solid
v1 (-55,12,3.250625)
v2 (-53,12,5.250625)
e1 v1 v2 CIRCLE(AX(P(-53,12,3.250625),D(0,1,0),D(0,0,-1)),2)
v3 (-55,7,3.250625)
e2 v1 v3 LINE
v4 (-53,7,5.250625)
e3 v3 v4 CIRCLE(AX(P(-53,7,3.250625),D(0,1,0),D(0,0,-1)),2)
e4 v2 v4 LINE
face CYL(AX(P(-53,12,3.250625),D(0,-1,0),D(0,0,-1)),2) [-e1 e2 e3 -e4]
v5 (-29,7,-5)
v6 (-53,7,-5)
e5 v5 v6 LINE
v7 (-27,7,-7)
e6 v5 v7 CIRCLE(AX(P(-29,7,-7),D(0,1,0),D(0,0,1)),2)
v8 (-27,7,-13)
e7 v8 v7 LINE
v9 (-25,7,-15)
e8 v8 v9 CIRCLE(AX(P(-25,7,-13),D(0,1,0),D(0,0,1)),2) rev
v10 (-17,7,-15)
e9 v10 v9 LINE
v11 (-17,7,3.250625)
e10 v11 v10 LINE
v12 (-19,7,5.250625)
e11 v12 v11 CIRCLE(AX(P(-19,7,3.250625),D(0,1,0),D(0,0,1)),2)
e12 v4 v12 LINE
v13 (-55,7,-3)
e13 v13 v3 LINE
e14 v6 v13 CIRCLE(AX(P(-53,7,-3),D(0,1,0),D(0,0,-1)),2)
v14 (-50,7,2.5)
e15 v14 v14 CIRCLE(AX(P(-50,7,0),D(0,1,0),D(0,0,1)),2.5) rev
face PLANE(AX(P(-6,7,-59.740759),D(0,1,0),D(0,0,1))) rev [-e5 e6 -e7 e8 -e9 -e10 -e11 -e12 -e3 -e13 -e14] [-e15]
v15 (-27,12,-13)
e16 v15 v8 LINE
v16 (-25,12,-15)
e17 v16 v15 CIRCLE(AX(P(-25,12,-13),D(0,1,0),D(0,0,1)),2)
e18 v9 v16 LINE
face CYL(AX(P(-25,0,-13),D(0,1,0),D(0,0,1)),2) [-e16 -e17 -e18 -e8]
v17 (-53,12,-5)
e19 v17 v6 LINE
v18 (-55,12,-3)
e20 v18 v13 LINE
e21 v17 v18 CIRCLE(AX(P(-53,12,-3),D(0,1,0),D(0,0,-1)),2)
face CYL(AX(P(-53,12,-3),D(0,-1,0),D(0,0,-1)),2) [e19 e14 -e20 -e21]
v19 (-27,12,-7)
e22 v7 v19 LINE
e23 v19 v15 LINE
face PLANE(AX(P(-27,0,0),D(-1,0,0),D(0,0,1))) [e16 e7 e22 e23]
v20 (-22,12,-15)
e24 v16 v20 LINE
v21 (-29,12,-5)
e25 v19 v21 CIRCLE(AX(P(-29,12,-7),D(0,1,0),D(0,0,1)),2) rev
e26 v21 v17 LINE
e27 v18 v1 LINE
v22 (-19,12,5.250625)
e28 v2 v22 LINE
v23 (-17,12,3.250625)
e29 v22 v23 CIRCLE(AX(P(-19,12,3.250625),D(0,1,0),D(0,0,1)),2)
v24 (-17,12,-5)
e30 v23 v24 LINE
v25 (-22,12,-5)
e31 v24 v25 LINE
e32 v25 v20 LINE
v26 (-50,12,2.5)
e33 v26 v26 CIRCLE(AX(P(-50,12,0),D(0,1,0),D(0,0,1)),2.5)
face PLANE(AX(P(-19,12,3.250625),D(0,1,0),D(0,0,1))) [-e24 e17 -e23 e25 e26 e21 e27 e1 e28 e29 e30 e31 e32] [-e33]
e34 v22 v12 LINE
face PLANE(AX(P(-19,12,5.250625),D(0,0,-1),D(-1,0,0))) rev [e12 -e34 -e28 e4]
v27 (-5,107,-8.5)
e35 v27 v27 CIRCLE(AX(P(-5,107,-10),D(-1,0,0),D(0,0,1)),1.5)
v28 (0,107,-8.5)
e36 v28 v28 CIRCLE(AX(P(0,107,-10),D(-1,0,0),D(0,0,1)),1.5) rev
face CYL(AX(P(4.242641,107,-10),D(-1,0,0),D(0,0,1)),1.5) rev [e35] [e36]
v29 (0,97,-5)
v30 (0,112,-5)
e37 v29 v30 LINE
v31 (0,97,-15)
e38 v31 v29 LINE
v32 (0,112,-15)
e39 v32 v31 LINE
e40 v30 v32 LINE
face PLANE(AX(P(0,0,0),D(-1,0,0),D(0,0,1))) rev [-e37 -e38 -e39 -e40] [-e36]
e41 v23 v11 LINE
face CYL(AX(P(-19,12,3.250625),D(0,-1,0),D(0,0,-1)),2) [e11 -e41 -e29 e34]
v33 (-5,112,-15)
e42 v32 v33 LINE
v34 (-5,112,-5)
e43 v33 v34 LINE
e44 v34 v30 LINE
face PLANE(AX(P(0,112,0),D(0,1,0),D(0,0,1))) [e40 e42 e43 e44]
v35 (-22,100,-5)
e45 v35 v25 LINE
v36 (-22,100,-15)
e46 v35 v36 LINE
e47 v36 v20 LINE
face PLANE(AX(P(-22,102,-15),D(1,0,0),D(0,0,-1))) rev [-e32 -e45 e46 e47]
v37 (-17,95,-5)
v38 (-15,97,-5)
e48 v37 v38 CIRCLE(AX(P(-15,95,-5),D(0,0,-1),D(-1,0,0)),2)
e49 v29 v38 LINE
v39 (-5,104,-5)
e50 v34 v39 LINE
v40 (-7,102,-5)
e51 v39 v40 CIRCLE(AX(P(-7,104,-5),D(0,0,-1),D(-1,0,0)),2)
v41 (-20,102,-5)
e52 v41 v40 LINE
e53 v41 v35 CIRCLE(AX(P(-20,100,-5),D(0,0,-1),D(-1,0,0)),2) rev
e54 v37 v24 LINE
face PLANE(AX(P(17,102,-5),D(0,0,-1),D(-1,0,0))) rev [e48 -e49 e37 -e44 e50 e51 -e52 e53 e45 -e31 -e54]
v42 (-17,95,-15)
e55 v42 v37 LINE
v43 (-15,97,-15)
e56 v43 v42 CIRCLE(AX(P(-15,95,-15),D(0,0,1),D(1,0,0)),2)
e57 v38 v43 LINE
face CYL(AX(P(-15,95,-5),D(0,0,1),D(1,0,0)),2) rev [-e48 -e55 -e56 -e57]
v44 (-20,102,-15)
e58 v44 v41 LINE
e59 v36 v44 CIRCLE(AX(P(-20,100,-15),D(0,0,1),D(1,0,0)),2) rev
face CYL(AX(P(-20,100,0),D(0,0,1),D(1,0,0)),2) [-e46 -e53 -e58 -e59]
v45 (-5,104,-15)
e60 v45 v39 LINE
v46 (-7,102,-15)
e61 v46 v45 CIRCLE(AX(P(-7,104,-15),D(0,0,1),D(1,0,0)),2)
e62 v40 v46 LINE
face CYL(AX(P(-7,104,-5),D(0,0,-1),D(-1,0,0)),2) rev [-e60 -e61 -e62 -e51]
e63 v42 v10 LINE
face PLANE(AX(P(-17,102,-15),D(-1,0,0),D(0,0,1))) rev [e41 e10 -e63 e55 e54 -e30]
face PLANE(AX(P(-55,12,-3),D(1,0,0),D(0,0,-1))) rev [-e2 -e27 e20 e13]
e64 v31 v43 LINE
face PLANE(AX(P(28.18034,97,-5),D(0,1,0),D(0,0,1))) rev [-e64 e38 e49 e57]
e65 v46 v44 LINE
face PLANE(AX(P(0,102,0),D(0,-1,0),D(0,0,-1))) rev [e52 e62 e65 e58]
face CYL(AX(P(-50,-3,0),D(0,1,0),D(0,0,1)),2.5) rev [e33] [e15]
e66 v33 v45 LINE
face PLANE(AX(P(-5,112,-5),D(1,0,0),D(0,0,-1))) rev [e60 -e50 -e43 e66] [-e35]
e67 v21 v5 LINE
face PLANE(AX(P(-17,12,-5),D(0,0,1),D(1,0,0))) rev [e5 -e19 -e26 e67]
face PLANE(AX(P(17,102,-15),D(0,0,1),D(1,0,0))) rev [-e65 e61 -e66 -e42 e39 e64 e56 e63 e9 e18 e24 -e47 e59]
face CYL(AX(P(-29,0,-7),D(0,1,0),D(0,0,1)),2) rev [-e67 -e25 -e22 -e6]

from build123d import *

# Parameters (mm, degrees)
BOSS_EXTRUDE1_DEPTH    = 7
SKETCH2_W              = 5
SKETCH2_H              = 10
BOSS_EXTRUDE2_DEPTH    = 95
SKETCH15_R             = 3.5
CUT_EXTRUDE3_DEPTH     = 7
CIRPATTERN1_COUNT      = 8
SKETCH18_W             = 10
SKETCH18_H             = 5
BOSS_EXTRUDE3_DEPTH    = 34
BOSS_EXTRUDE4_DEPTH    = 10
FILLET1_R              = 2
FILLET2_R              = 2
LPATTERN2_COUNT        = 10
LPATTERN2_PITCH        = 8
FILLET1_OF_LPATTERN2_R = 2
SKETCH20_R             = 2.5
CUT_EXTRUDE4_DEPTH     = 10
CIRPATTERN2_COUNT      = 4
SKETCH21_W             = 135.948856065
SKETCH21_H             = 109.776083996
CUT_EXTRUDE5_DEPTH     = 61.740758688
BOSS_EXTRUDE5_START    = 5
SKETCH22_R             = 2.5
BOSS_EXTRUDE5_DEPTH    = 5
CUT_EXTRUDE6_START     = -10
CUT_EXTRUDE6_DEPTH     = 10
SKETCH24_W             = 6
SKETCH24_H             = 7
CUT_EXTRUDE7_DEPTH     = 1
SKETCH25_W             = 6
SKETCH25_H             = 7
CUT_EXTRUDE8_DEPTH     = 1
SKETCH26_W             = 10
SKETCH26_H             = 5
BOSS_EXTRUDE6_DEPTH    = 5
SKETCH27_W             = 5
SKETCH27_H             = 10
BOSS_EXTRUDE7_DEPTH    = 10
SKETCH29_R             = 1.5
CUT_EXTRUDE9_DEPTH     = 5
FILLET3_R              = 2


with BuildPart() as part:
    # Sketch1 → Boss-Extrude1 (new body)
    with BuildSketch(Plane(origin=(0, 0, 0), x_dir=(1, 0, 0), z_dir=(0, 1, 0))):
        with BuildLine():
            Line((-8, 56.940758688), (-8, 59.740758688))
            ThreePointArc((-8, 59.740758688), (-7.414213562, 61.154972251), (-6, 61.740758688))
            Line((-6, 61.740758688), (6, 61.740758688))
            ThreePointArc((6, 61.740758688), (7.414213562, 61.154972251), (8, 59.740758688))
            Line((8, 59.740758688), (8, 56.940758688))
            ThreePointArc((8, 56.940758688), (22.004297361, 53.123073119), (34.606342345, 45.920050844))
            Line((34.606342345, 45.920050844), (36.586241332, 47.899949831))
            ThreePointArc((36.586241332, 47.899949831), (38.000454895, 48.485736269), (39.414668457, 47.899949831))
            Line((39.414668457, 47.899949831), (47.899949831, 39.414668457))
            ThreePointArc((47.899949831, 39.414668457), (48.485736269, 38.000454895), (47.899949831, 36.586241332))
            Line((47.899949831, 36.586241332), (45.920050844, 34.606342345))
            ThreePointArc((45.920050844, 34.606342345), (53.123073119, 22.004297361), (56.940758688, 8))
            Line((56.940758688, 8), (59.740758688, 8))
            ThreePointArc((59.740758688, 8), (61.154972251, 7.414213562), (61.740758688, 6))
            Line((61.740758688, 6), (61.740758688, -6))
            ThreePointArc((61.740758688, -6), (61.154972251, -7.414213562), (59.740758688, -8))
            Line((59.740758688, -8), (56.940758688, -8))
            ThreePointArc((56.940758688, -8), (53.123073119, -22.004297361), (45.920050844, -34.606342345))
            Line((45.920050844, -34.606342345), (47.899949831, -36.586241332))
            ThreePointArc((47.899949831, -36.586241332), (48.485736269, -38.000454895), (47.899949831, -39.414668457))
            Line((47.899949831, -39.414668457), (39.414668457, -47.899949831))
            ThreePointArc((39.414668457, -47.899949831), (38.000454895, -48.485736269), (36.586241332, -47.899949831))
            Line((36.586241332, -47.899949831), (34.606342345, -45.920050844))
            ThreePointArc((34.606342345, -45.920050844), (22.004297361, -53.123073119), (8, -56.940758688))
            Line((8, -56.940758688), (8, -59.740758688))
            ThreePointArc((8, -59.740758688), (7.414213562, -61.154972251), (6, -61.740758688))
            Line((6, -61.740758688), (-6, -61.740758688))
            ThreePointArc((-6, -61.740758688), (-7.414213562, -61.154972251), (-8, -59.740758688))
            Line((-8, -59.740758688), (-8, -56.940758688))
            ThreePointArc((-8, -56.940758688), (-22.004297361, -53.123073119), (-34.606342345, -45.920050844))
            Line((-34.606342345, -45.920050844), (-36.586241332, -47.899949831))
            ThreePointArc((-36.586241332, -47.899949831), (-38.000454895, -48.485736269), (-39.414668457, -47.899949831))
            Line((-39.414668457, -47.899949831), (-47.899949831, -39.414668457))
            ThreePointArc((-47.899949831, -39.414668457), (-48.485736269, -38.000454895), (-47.899949831, -36.586241332))
            Line((-47.899949831, -36.586241332), (-45.920050844, -34.606342345))
            ThreePointArc((-45.920050844, -34.606342345), (-53.123073119, -22.004297361), (-56.940758688, -8))
            Line((-56.940758688, -8), (-59.740758688, -8))
            ThreePointArc((-59.740758688, -8), (-61.154972251, -7.414213562), (-61.740758688, -6))
            Line((-61.740758688, -6), (-61.740758688, 6))
            ThreePointArc((-61.740758688, 6), (-61.154972251, 7.414213562), (-59.740758688, 8))
            Line((-59.740758688, 8), (-56.940758688, 8))
            ThreePointArc((-56.940758688, 8), (-53.123073119, 22.004297361), (-45.920050844, 34.606342345))
            Line((-45.920050844, 34.606342345), (-47.899949831, 36.586241332))
            ThreePointArc((-47.899949831, 36.586241332), (-48.485736269, 38.000454895), (-47.899949831, 39.414668457))
            Line((-47.899949831, 39.414668457), (-39.414668457, 47.899949831))
            ThreePointArc((-39.414668457, 47.899949831), (-38.000454895, 48.485736269), (-36.586241332, 47.899949831))
            Line((-36.586241332, 47.899949831), (-34.606342345, 45.920050844))
            ThreePointArc((-34.606342345, 45.920050844), (-22.004297361, 53.123073119), (-8, 56.940758688))
        make_face()
    extrude(amount=BOSS_EXTRUDE1_DEPTH)

    # Sketch2 → Boss-Extrude2 (add)
    with BuildSketch(Plane(origin=(0, 7, 0), x_dir=(1, 0, 0), z_dir=(0, 1, 0))):
        with Locations((19.5, 10)):
            Rectangle(SKETCH2_W, SKETCH2_H)
        with Locations((-19.5, 10)):
            Rectangle(SKETCH2_W, SKETCH2_H)
    extrude(amount=BOSS_EXTRUDE2_DEPTH)

    # Sketch15 → Cut-Extrude3 (cut)
    with BuildSketch(Plane.XZ):
        with Locations(Location((0, 0, 0), (0, 0, 270))):
            Circle(SKETCH15_R)
    extrude(amount=-CUT_EXTRUDE3_DEPTH, mode=Mode.SUBTRACT)

    # Sketch16 → Cut-Loft2 section 0
    with BuildSketch(Plane.XZ):
        with BuildLine():
            Line((-6, 59.8), (6, 59.8))
            Line((6, 59.8), (6, 57.5))
            Line((6, 57.5), (-6, 57.5))
            Line((-6, 57.5), (-6, 59.8))
        make_face()
    # Sketch17 → Cut-Loft2 section 1
    with BuildSketch(Plane(origin=(0, 7, 0), x_dir=(1, 0, 0), z_dir=(0, 1, 0))):
        with BuildLine():
            Line((-6, -57.5), (6, -57.5))
            Line((6, -57.5), (6, -60.5))
            Line((6, -60.5), (-6, -60.5))
            Line((-6, -60.5), (-6, -57.5))
        make_face()
    cut_loft2 = loft(mode=Mode.SUBTRACT)

    # CirPattern1: Cut-Loft2 ×8 about axis
    cirpattern1_axis = Axis((0, 0, 0), (0, 1, 0))
    for i in range(1, CIRPATTERN1_COUNT):
        add(cut_loft2.rotate(cirpattern1_axis, i * 360 / CIRPATTERN1_COUNT), mode=Mode.SUBTRACT)

    # Sketch18 → Boss-Extrude3 (add)
    with BuildSketch(Plane(origin=(-17, 0, 0), x_dir=(0, 0, -1), z_dir=(1, 0, 0))):
        with Locations((10, 99.5)):
            Rectangle(SKETCH18_W, SKETCH18_H)
    extrude(amount=BOSS_EXTRUDE3_DEPTH)

    # Sketch19 → Boss-Extrude4 (add)
    with BuildSketch(Plane(origin=(0, 0, -15), x_dir=(-1, 0, 0), z_dir=(0, 0, -1))):
        with BuildLine():
            Line((-17, 93), (-11.04472309, 92.26878394))
            ThreePointArc((-11.04472309, 92.26878394), (-9.922197884, 91), (-11.04472309, 89.73121606))
            Line((-11.04472309, 89.73121606), (-17, 89))
            Line((-17, 89), (-17, 93))
        make_face()
    boss_extrude4 = extrude(amount=-BOSS_EXTRUDE4_DEPTH)

    # Fillet1
    fillet1_edges = [part.edges().sort_by_distance(p)[0] for p in [
        (17, 89, -10),
        (17, 93, -10),
    ]]
    fillet(fillet1_edges, radius=FILLET1_R)

    # Fillet2
    fillet2_edges = [part.edges().sort_by_distance(p)[0] for p in [
        (22, 102, -10),
        (-22, 102, -10),
        (-17, 97, -10),
        (17, 97, -10),
    ]]
    fillet(fillet2_edges, radius=FILLET2_R)

    # LPattern2: Boss-Extrude4 ×10
    with Locations(*[(0, -i * LPATTERN2_PITCH, 0) for i in range(1, LPATTERN2_COUNT)]):
        add(boss_extrude4)

    # Fillet1 of LPattern2
    fillet1_of_lpattern2_edges = [part.edges().sort_by_distance(p)[0] for p in [
        (17, 81, -10),
        (17, 85, -10),
        (17, 73, -10),
        (17, 77, -10),
        (17, 65, -10),
        (17, 69, -10),
        (17, 57, -10),
        (17, 61, -10),
        (17, 49, -10),
        (17, 53, -10),
        (17, 41, -10),
        (17, 45, -10),
        (17, 33, -10),
        (17, 37, -10),
        (17, 25, -10),
        (17, 29, -10),
        (17, 17, -10),
        (17, 21, -10),
    ]]
    fillet(fillet1_of_lpattern2_edges, radius=FILLET1_OF_LPATTERN2_R)

    # Sketch20 → Cut-Extrude4 (cut)
    with BuildSketch(Plane(origin=(0, 7, 0), x_dir=(1, 0, 0), z_dir=(0, 1, 0))):
        with Locations(Location((0, 50, 0), (0, 0, 270))):
            Circle(SKETCH20_R)
    cut_extrude4 = extrude(amount=-CUT_EXTRUDE4_DEPTH, mode=Mode.SUBTRACT)

    # CirPattern2: Cut-Extrude4 ×4 about axis
    cirpattern2_axis = Axis((0, 0, 0), (0, 1, 0))
    for i in range(1, CIRPATTERN2_COUNT):
        add(cut_extrude4.rotate(cirpattern2_axis, i * 360 / CIRPATTERN2_COUNT), mode=Mode.SUBTRACT)

    # Sketch21 → Cut-Extrude5 (cut)
    with BuildSketch(Plane(origin=(0, 0, 0), x_dir=(0, 0, -1), z_dir=(1, 0, 0))):
        with Locations((-0.523455441, 54.888041998)):
            Rectangle(SKETCH21_W, SKETCH21_H)
    extrude(amount=CUT_EXTRUDE5_DEPTH, mode=Mode.SUBTRACT)

    # Sketch22 → Boss-Extrude5 (add)
    with BuildSketch(Plane(origin=(0, 7, 0), x_dir=(1, 0, 0), z_dir=(0, 1, 0)).offset(BOSS_EXTRUDE5_START)):
        with BuildLine():
            Line((-17, 5), (-53, 5))
            ThreePointArc((-53, 5), (-54.414213562, 4.414213562), (-55, 3))
            Line((-55, 3), (-55, -3.250625366))
            ThreePointArc((-55, -3.250625366), (-54.414213562, -4.664838928), (-53, -5.250625366))
            Line((-53, -5.250625366), (-19, -5.250625366))
            ThreePointArc((-19, -5.250625366), (-17.585786438, -4.664838928), (-17, -3.250625366))
            Line((-17, -3.250625366), (-17, 5))
        make_face()
        with Locations(Location((-50, 0, 0), (0, 0, 270))):
            Circle(SKETCH22_R, mode=Mode.SUBTRACT)
    extrude(amount=-BOSS_EXTRUDE5_DEPTH)

    # Sketch23 → Cut-Extrude6 (cut)
    with BuildSketch(Plane(origin=(0, 7, 0), x_dir=(1, 0, 0), z_dir=(0, 1, 0)).offset(CUT_EXTRUDE6_START)):
        with BuildLine():
            Line((0, 60.5), (0, 61.740758688))
            Line((0, 61.740758688), (-6, 61.740758688))
            ThreePointArc((-6, 61.740758688), (-7.414213562, 61.154972251), (-8, 59.740758688))
            Line((-8, 59.740758688), (-8, 56.940758688))
            ThreePointArc((-8, 56.940758688), (-22.004297361, 53.123073119), (-34.606342345, 45.920050844))
            Line((-34.606342345, 45.920050844), (-36.586241332, 47.899949831))
            ThreePointArc((-36.586241332, 47.899949831), (-38.000454895, 48.485736269), (-39.414668457, 47.899949831))
            Line((-39.414668457, 47.899949831), (-47.899949831, 39.414668457))
            ThreePointArc((-47.899949831, 39.414668457), (-48.485736269, 38.000454895), (-47.899949831, 36.586241332))
            Line((-47.899949831, 36.586241332), (-45.920050844, 34.606342345))
            ThreePointArc((-45.920050844, 34.606342345), (-53.123073119, 22.004297361), (-56.940758688, 8))
            Line((-56.940758688, 8), (-59.740758688, 8))
            ThreePointArc((-59.740758688, 8), (-61.154972251, 7.414213562), (-61.740758688, 6))
            Line((-61.740758688, 6), (-61.740758688, -6))
            ThreePointArc((-61.740758688, -6), (-61.154972251, -7.414213562), (-59.740758688, -8))
            Line((-59.740758688, -8), (-56.940758688, -8))
            ThreePointArc((-56.940758688, -8), (-53.123073119, -22.004297361), (-45.920050844, -34.606342345))
            Line((-45.920050844, -34.606342345), (-47.899949831, -36.586241332))
            ThreePointArc((-47.899949831, -36.586241332), (-48.485736269, -38.000454895), (-47.899949831, -39.414668457))
            Line((-47.899949831, -39.414668457), (-39.414668457, -47.899949831))
            ThreePointArc((-39.414668457, -47.899949831), (-38.000454895, -48.485736269), (-36.586241332, -47.899949831))
            Line((-36.586241332, -47.899949831), (-34.606342345, -45.920050844))
            ThreePointArc((-34.606342345, -45.920050844), (-22.004297361, -53.123073119), (-8, -56.940758688))
            Line((-8, -56.940758688), (-8, -59.740758688))
            ThreePointArc((-8, -59.740758688), (-7.414213562, -61.154972251), (-6, -61.740758688))
            Line((-6, -61.740758688), (0, -61.740758688))
            Line((0, -61.740758688), (0, -60.5))
            Line((0, -60.5), (-6, -60.5))
            Line((-6, -60.5), (-6, -57.5))
            Line((-6, -57.5), (0, -57.5))
            Line((0, -57.5), (0, -52.5))
            ThreePointArc((0, -52.5), (-2.5, -50), (0, -47.5))
            Line((0, -47.5), (0, -3.5))
            ThreePointArc((0, -3.5), (-3.5, 0), (0, 3.5))
            Line((0, 3.5), (0, 47.5))
            ThreePointArc((0, 47.5), (-2.5, 50), (0, 52.5))
            Line((0, 52.5), (0, 57.5))
            Line((0, 57.5), (-6, 57.5))
            Line((-6, 57.5), (-6, 60.5))
            Line((-6, 60.5), (0, 60.5))
        make_face()
    extrude(amount=CUT_EXTRUDE6_DEPTH, mode=Mode.SUBTRACT)


with BuildPart() as cut_extrude6_piece_1:
    # of the separate pieces the step leaves, piece 1, a body of its own (cut_extrude6_pieces)
    add(part.part.solids().sort_by_distance((0, 102, -5))[0])

    # Sketch26 → Boss-Extrude6 (add)
    with BuildSketch(Plane.ZY.offset(22)):
        with Locations((-10, 9.5)):
            Rectangle(SKETCH26_W, SKETCH26_H)
    extrude(amount=BOSS_EXTRUDE6_DEPTH)

    # Sketch27 → Boss-Extrude7 (add)
    with BuildSketch(Plane(origin=(0, 102, 0), x_dir=(1, 0, 0), z_dir=(0, 1, 0))):
        with Locations((-2.5, 10)):
            Rectangle(SKETCH27_W, SKETCH27_H)
    extrude(amount=BOSS_EXTRUDE7_DEPTH)

    # Sketch29 → Cut-Extrude9 (cut)
    with BuildSketch(Plane.ZY.offset(5)):
        with Locations((-10, 107)):
            Circle(SKETCH29_R)
    extrude(amount=-CUT_EXTRUDE9_DEPTH, mode=Mode.SUBTRACT)

    # Fillet3
    fillet3_edges = [cut_extrude6_piece_1.edges().sort_by_distance(p)[0] for p in [
        (-27, 9.5, -5),
        (-27, 9.5, -15),
        (-5, 102, -10),
    ]]
    fillet(fillet3_edges, radius=FILLET3_R)


with BuildPart() as cut_extrude6_piece_2:
    # of the separate pieces the step leaves, piece 2, a body of its own (cut_extrude6_pieces)
    add(part.part.solids().sort_by_distance((-6, 0, 59.8))[0])

    # Sketch24 → Cut-Extrude7 (cut)
    with BuildSketch(Plane.XY.offset(60.5)):
        with Locations((-3, 3.5)):
            Rectangle(SKETCH24_W, SKETCH24_H)
    extrude(amount=-CUT_EXTRUDE7_DEPTH, mode=Mode.SUBTRACT)


with BuildPart() as cut_extrude6_piece_3:
    # of the separate pieces the step leaves, piece 3, a body of its own (cut_extrude6_pieces)
    add(part.part.solids().sort_by_distance((0, 7, -60.5))[0])

    # Sketch25 → Cut-Extrude8 (cut)
    with BuildSketch(Plane(origin=(0, 0, -60.5), x_dir=(-1, 0, 0), z_dir=(0, 0, -1))):
        with Locations((3, 3.5)):
            Rectangle(SKETCH25_W, SKETCH25_H)
    extrude(amount=-CUT_EXTRUDE8_DEPTH, mode=Mode.SUBTRACT)


solid = cut_extrude6_piece_1.part
